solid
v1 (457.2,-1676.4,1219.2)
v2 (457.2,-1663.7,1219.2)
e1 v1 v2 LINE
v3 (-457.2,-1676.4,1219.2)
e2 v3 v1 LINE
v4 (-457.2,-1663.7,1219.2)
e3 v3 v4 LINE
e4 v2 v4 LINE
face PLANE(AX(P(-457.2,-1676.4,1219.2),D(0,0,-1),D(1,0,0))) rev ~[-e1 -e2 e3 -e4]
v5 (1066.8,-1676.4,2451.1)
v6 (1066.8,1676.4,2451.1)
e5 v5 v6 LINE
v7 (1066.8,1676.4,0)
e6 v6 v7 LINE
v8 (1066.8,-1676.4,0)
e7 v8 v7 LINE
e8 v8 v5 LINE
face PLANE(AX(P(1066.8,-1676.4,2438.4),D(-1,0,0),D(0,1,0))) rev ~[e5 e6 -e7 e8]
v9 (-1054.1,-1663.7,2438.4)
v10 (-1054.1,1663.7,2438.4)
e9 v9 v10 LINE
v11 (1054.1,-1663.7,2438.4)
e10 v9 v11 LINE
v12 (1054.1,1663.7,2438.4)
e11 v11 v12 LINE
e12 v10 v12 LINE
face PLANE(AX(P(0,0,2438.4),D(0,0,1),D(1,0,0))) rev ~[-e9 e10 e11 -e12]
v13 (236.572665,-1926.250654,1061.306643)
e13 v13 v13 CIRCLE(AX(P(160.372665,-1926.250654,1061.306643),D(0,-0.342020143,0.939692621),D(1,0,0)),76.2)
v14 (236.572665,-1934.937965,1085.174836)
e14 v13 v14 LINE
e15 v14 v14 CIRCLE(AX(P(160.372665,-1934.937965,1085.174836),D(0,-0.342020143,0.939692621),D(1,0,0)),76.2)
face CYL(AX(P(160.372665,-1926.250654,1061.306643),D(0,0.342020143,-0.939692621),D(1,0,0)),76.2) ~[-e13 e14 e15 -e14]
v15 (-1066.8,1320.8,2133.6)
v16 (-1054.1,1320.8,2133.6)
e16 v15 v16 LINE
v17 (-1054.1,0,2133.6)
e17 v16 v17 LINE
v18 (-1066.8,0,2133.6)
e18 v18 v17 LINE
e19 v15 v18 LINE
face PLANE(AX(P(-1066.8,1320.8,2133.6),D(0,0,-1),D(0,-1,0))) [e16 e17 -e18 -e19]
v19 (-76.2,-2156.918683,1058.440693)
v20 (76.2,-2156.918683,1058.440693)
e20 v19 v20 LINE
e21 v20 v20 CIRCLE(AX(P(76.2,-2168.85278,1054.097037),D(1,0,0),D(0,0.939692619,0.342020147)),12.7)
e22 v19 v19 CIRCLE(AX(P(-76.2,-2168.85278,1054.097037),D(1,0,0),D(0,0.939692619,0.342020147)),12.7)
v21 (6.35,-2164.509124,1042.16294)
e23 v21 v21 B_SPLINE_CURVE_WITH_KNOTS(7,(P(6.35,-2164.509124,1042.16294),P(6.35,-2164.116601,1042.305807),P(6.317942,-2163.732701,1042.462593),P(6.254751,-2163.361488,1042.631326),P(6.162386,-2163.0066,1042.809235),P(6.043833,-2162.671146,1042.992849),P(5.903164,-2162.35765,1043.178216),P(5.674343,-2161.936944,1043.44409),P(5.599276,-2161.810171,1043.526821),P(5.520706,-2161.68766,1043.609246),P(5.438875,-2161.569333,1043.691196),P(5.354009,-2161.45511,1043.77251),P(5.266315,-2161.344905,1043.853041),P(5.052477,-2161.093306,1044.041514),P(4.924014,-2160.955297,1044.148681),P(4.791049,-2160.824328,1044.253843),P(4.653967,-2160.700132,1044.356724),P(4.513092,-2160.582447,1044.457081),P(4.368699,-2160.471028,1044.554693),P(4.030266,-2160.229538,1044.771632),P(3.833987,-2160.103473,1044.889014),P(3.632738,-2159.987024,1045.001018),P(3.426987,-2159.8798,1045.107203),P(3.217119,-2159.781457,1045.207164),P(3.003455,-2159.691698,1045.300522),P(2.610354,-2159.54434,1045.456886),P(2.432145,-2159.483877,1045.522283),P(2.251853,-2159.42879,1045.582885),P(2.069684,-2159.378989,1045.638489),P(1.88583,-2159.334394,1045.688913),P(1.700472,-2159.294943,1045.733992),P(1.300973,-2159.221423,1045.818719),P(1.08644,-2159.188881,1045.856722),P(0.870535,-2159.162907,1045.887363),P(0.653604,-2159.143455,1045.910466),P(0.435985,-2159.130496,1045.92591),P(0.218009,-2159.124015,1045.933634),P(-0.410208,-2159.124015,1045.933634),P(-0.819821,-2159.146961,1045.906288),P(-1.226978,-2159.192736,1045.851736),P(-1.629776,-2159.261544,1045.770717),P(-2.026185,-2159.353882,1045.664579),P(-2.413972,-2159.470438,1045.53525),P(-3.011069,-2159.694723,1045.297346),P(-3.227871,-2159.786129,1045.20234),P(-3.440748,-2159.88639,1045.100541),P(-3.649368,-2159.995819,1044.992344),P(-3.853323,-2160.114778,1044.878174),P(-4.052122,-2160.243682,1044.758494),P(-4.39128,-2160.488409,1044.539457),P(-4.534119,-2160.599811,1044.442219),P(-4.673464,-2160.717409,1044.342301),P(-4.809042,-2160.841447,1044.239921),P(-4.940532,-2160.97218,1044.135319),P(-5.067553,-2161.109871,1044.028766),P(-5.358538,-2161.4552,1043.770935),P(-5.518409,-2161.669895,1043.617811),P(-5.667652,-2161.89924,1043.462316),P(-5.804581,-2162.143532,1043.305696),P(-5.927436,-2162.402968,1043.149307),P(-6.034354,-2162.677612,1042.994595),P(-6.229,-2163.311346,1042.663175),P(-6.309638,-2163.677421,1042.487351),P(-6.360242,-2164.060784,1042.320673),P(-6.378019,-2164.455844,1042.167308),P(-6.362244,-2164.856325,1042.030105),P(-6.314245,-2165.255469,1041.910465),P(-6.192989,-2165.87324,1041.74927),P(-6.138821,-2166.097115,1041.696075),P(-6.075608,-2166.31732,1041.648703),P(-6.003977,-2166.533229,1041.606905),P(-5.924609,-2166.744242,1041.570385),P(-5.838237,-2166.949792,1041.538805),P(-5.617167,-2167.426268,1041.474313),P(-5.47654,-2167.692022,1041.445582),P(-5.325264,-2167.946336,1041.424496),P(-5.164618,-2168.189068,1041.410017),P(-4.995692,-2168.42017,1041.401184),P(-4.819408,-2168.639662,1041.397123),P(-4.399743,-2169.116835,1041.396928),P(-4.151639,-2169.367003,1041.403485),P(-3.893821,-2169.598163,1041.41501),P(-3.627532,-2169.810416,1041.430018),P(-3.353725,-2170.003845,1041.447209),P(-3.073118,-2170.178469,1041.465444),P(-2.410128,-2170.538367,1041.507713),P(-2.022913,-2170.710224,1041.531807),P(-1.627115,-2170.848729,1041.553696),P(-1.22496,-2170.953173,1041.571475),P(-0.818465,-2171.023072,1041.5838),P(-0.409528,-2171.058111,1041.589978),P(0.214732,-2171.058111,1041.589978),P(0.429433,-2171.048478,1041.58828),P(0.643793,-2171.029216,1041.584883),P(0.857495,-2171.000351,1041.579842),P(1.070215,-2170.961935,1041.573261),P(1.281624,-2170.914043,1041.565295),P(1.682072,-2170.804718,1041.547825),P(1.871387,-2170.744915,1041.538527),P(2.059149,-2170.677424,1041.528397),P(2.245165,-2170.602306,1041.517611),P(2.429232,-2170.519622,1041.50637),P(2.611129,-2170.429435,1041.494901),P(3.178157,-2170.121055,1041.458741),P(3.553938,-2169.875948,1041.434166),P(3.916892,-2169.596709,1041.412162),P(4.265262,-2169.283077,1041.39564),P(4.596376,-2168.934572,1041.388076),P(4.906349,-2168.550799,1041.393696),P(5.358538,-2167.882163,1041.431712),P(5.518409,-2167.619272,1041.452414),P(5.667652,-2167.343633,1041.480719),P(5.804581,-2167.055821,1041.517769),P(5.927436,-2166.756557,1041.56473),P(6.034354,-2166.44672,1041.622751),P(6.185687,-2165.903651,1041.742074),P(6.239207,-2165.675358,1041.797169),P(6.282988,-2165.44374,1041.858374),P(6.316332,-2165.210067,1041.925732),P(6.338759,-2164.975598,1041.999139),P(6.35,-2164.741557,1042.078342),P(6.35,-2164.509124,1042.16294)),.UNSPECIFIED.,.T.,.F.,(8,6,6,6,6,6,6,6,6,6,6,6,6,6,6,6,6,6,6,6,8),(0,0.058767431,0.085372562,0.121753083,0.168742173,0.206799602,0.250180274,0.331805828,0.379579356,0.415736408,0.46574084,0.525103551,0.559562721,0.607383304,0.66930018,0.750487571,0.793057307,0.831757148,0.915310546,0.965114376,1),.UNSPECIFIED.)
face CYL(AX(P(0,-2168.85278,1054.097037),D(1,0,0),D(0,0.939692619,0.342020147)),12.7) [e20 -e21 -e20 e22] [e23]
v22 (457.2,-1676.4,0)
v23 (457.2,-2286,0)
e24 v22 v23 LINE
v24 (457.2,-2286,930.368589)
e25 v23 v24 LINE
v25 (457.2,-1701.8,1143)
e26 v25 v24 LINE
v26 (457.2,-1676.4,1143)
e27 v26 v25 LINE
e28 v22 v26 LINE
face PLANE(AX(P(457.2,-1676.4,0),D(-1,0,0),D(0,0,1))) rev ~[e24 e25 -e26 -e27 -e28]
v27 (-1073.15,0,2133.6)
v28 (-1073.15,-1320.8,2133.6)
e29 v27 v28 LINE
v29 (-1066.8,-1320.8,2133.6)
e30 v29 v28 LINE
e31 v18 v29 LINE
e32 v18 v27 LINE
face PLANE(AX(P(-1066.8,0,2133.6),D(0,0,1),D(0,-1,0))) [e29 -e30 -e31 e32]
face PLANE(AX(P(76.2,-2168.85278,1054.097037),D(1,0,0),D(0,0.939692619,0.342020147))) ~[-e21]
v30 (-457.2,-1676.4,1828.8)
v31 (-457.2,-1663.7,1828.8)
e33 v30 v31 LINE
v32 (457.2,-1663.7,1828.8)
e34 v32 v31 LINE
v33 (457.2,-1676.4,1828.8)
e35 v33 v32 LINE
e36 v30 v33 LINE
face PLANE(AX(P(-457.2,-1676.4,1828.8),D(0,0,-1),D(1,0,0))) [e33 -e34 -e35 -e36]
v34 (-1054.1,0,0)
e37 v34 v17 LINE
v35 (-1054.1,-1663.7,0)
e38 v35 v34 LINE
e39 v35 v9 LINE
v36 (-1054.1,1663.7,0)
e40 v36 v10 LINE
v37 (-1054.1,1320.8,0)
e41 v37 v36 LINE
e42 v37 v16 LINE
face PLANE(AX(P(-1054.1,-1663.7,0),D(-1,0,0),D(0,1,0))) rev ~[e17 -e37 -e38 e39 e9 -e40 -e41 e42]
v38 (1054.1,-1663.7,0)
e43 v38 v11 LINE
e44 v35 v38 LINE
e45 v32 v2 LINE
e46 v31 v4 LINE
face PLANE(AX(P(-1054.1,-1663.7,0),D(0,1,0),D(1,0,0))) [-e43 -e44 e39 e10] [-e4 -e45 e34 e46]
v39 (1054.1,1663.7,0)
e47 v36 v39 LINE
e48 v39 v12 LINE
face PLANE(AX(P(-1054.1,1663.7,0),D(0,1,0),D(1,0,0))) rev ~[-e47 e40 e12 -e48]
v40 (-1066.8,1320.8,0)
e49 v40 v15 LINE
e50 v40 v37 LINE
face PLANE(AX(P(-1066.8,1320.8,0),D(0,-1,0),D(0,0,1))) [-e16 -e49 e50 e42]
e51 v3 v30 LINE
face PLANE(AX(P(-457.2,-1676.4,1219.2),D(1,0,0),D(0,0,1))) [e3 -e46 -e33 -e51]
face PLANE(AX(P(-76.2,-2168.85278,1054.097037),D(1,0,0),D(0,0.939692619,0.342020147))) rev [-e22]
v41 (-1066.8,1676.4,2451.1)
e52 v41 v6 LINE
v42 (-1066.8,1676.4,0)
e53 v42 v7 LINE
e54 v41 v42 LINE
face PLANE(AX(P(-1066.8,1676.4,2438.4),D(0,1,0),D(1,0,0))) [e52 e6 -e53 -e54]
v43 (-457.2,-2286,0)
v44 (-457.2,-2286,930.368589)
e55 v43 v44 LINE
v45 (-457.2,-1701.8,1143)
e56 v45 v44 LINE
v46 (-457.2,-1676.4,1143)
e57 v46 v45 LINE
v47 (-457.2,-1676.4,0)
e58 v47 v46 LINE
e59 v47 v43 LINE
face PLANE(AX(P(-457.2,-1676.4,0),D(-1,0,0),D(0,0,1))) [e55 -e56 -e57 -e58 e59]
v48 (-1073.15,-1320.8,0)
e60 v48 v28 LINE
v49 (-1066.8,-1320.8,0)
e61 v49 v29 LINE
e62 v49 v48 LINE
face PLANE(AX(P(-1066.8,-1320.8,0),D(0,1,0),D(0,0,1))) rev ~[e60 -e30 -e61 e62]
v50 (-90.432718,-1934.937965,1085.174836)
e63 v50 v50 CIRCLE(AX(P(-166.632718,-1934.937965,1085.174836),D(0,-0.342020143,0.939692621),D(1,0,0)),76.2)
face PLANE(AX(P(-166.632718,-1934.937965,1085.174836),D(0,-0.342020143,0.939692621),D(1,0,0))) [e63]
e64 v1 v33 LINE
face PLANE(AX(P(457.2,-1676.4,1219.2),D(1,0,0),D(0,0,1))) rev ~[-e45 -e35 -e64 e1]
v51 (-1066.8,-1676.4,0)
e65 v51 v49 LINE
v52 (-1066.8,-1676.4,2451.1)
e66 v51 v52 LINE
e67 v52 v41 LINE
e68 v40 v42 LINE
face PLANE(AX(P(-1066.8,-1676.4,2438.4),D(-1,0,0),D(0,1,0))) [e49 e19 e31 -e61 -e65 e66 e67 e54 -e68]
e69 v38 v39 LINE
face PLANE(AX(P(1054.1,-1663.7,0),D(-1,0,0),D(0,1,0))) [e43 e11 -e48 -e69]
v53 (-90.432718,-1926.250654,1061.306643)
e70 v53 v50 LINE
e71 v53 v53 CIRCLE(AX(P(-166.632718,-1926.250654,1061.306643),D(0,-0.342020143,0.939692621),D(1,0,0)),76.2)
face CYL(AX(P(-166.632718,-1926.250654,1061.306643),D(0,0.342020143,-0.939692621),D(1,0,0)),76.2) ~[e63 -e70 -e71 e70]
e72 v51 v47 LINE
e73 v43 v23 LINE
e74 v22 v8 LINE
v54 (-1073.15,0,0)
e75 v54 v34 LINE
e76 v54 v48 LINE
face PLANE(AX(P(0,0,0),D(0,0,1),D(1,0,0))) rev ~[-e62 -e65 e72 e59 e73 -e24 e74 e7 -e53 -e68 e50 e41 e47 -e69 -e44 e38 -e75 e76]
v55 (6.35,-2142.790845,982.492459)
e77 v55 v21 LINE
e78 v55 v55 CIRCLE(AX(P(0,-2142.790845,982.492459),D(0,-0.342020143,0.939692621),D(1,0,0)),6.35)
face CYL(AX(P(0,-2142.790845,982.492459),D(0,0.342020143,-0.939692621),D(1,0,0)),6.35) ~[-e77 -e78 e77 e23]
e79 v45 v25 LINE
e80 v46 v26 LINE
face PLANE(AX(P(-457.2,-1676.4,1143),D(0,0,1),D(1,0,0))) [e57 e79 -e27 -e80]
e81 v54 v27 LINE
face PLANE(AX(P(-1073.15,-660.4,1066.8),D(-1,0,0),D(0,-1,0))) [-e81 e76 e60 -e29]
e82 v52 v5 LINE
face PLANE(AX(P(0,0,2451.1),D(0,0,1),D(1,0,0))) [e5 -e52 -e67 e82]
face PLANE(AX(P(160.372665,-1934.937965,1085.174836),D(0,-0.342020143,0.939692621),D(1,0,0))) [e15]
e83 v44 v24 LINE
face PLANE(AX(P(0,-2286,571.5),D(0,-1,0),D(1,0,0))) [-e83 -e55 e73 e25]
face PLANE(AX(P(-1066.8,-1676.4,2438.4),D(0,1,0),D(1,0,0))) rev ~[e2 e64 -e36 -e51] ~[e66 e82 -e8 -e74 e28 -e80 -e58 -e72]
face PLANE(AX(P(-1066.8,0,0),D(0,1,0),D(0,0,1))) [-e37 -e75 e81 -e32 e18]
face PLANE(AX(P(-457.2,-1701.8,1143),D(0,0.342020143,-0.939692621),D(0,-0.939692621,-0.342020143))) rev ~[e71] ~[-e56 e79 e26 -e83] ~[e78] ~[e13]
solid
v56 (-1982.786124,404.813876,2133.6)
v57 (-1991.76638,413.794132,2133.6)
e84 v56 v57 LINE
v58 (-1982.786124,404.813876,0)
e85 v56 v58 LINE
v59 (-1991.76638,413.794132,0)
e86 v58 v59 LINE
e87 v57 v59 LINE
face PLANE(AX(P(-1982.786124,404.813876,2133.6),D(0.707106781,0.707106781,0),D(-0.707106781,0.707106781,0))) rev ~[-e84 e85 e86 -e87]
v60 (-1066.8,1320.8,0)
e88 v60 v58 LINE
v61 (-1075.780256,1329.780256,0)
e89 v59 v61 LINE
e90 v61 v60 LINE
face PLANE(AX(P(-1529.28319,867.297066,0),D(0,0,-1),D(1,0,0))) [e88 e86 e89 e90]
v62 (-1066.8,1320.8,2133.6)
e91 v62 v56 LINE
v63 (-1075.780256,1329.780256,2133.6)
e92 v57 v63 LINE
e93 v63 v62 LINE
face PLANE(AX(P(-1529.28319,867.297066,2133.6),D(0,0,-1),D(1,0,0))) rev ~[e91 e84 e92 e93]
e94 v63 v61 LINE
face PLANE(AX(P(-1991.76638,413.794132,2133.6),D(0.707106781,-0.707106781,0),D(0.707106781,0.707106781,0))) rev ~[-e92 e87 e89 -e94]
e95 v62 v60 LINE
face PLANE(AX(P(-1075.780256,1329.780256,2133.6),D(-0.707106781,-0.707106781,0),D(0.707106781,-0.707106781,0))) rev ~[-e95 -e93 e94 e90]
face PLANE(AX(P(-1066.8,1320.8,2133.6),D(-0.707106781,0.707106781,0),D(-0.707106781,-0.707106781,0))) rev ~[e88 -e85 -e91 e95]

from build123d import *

# Parameters (mm, degrees)
F0_W      = 2133.6
F0_H      = 3352.8
F0_W_2    = 2108.2
F0_H_2    = 3327.4
F1_DEPTH  = 2438.4
F2_W      = 1320.8
F2_H      = 2133.6
F3_DEPTH  = 6.35
F4_W      = 1320.8
F4_H      = 2133.6
F5_DEPTH  = 25.4
F7_DEPTH  = 2133.6
F8_W      = 914.4
F8_H      = 609.6
F9_DEPTH  = 25.4
F10_W     = 914.4
F10_H     = 1143
F11_DEPTH = 609.6
F13_DEPTH = 1524.001
F14_R     = 76.2
F15_DEPTH = 25.4
F16_R     = 6.35
F17_DEPTH = 76.2
F18_W     = 152.4
F18_H     = 12.7
F20_W     = 2133.6
F20_H     = 3352.8
F21_DEPTH = 12.7


with BuildPart() as f1:
    # F0 (on Top) → F1 (new body)
    with BuildSketch(Plane.XY):
        Rectangle(F0_W, F0_H)
        Rectangle(F0_W_2, F0_H_2, mode=Mode.SUBTRACT)
    extrude(amount=F1_DEPTH)

    # F2 (on face) → F3 (join)
    with BuildSketch(Plane(origin=(-1066.8, 0, 0), x_dir=(0, -1, 0), z_dir=(-1, 0, 0))):
        with Locations((660.4, 1066.8)):
            Rectangle(F2_W, F2_H)
    extrude(amount=F3_DEPTH)

    # F4 (on face) → F5 (cut)
    with BuildSketch(Plane(origin=(-1066.8, 0, 0), x_dir=(0, -1, 0), z_dir=(-1, 0, 0))):
        with Locations((-660.4, 1066.8)):
            Rectangle(F4_W, F4_H)
    extrude(amount=-F5_DEPTH, mode=Mode.SUBTRACT)

    # F8 (on face) → F9 (cut)
    with BuildSketch(Plane.XZ.offset(1676.4)):
        with Locations((0, 1524)):
            Rectangle(F8_W, F8_H)
    extrude(amount=-F9_DEPTH, mode=Mode.SUBTRACT)

    # F10 (on face) → F11 (join)
    with BuildSketch(Plane.XZ.offset(1676.4)):
        with Locations((0, 571.5)):
            Rectangle(F10_W, F10_H)
    extrude(amount=F11_DEPTH)

    # F12 (on face) → F13 (cut, through all)
    with BuildSketch(Plane(origin=(-457.2, 0, 0), x_dir=(0, -1, 0), z_dir=(-1, 0, 0))):
        Polygon((2286, 1143), (1701.8, 1143), (2286, 930.3685891417), align=None)
    extrude(amount=-F13_DEPTH, mode=Mode.SUBTRACT)

    # F14 (on face) → F15 (join)
    with BuildSketch(Plane(origin=(0, -566.4259022859, 1556.2423763248), x_dir=(1, 0, 0), z_dir=(0, -0.3420201433, 0.9396926208))):
        with Locations((160.3726652645, -1447.0952749252)):
            Circle(F14_R)
        with Locations((-166.6327175879, -1447.0952749252)):
            Circle(F14_R)
    extrude(amount=F15_DEPTH)

    # F16 (on face) → F17 (join)
    with BuildSketch(Plane(origin=(0, -566.4259022859, 1556.2423763248), x_dir=(1, 0, 0), z_dir=(0, -0.3420201433, 0.9396926208))):
        with Locations((0, -1677.5325329126)):
            Circle(F16_R)
    extrude(amount=F17_DEPTH)

    # F18 (on face) → F19 (revolve)
    with BuildSketch(Plane(origin=(0, -592.4878372073, 1627.8469540287), x_dir=(1, 0, 0), z_dir=(0, -0.3420201433, 0.9396926208))):
        with Locations((0, -1671.1825329126)):
            Rectangle(F18_W, F18_H)
    revolve(axis=Axis((0, -2168.8527795136, 1054.0970366884), (1, 0, 0)))

    # F20 (on face) → F21 (join)
    with BuildSketch(Plane.XY.offset(2438.4)):
        Rectangle(F20_W, F20_H)
    extrude(amount=F21_DEPTH)


with BuildPart() as f7:
    # F6 (on face) → F7 (new body)
    with BuildSketch(Plane(origin=(0, 0, 2133.6), x_dir=(1, 0, 0), z_dir=(0, 0, -1))):
        Polygon((-1075.7802561211, -1329.7802561211), (-1066.8, -1320.8), (-1982.7861243491, -404.8138756509), (-1991.7663804701, -413.794131772), align=None)
    extrude(amount=F7_DEPTH)


solid = Compound([f1.part, f7.part])
